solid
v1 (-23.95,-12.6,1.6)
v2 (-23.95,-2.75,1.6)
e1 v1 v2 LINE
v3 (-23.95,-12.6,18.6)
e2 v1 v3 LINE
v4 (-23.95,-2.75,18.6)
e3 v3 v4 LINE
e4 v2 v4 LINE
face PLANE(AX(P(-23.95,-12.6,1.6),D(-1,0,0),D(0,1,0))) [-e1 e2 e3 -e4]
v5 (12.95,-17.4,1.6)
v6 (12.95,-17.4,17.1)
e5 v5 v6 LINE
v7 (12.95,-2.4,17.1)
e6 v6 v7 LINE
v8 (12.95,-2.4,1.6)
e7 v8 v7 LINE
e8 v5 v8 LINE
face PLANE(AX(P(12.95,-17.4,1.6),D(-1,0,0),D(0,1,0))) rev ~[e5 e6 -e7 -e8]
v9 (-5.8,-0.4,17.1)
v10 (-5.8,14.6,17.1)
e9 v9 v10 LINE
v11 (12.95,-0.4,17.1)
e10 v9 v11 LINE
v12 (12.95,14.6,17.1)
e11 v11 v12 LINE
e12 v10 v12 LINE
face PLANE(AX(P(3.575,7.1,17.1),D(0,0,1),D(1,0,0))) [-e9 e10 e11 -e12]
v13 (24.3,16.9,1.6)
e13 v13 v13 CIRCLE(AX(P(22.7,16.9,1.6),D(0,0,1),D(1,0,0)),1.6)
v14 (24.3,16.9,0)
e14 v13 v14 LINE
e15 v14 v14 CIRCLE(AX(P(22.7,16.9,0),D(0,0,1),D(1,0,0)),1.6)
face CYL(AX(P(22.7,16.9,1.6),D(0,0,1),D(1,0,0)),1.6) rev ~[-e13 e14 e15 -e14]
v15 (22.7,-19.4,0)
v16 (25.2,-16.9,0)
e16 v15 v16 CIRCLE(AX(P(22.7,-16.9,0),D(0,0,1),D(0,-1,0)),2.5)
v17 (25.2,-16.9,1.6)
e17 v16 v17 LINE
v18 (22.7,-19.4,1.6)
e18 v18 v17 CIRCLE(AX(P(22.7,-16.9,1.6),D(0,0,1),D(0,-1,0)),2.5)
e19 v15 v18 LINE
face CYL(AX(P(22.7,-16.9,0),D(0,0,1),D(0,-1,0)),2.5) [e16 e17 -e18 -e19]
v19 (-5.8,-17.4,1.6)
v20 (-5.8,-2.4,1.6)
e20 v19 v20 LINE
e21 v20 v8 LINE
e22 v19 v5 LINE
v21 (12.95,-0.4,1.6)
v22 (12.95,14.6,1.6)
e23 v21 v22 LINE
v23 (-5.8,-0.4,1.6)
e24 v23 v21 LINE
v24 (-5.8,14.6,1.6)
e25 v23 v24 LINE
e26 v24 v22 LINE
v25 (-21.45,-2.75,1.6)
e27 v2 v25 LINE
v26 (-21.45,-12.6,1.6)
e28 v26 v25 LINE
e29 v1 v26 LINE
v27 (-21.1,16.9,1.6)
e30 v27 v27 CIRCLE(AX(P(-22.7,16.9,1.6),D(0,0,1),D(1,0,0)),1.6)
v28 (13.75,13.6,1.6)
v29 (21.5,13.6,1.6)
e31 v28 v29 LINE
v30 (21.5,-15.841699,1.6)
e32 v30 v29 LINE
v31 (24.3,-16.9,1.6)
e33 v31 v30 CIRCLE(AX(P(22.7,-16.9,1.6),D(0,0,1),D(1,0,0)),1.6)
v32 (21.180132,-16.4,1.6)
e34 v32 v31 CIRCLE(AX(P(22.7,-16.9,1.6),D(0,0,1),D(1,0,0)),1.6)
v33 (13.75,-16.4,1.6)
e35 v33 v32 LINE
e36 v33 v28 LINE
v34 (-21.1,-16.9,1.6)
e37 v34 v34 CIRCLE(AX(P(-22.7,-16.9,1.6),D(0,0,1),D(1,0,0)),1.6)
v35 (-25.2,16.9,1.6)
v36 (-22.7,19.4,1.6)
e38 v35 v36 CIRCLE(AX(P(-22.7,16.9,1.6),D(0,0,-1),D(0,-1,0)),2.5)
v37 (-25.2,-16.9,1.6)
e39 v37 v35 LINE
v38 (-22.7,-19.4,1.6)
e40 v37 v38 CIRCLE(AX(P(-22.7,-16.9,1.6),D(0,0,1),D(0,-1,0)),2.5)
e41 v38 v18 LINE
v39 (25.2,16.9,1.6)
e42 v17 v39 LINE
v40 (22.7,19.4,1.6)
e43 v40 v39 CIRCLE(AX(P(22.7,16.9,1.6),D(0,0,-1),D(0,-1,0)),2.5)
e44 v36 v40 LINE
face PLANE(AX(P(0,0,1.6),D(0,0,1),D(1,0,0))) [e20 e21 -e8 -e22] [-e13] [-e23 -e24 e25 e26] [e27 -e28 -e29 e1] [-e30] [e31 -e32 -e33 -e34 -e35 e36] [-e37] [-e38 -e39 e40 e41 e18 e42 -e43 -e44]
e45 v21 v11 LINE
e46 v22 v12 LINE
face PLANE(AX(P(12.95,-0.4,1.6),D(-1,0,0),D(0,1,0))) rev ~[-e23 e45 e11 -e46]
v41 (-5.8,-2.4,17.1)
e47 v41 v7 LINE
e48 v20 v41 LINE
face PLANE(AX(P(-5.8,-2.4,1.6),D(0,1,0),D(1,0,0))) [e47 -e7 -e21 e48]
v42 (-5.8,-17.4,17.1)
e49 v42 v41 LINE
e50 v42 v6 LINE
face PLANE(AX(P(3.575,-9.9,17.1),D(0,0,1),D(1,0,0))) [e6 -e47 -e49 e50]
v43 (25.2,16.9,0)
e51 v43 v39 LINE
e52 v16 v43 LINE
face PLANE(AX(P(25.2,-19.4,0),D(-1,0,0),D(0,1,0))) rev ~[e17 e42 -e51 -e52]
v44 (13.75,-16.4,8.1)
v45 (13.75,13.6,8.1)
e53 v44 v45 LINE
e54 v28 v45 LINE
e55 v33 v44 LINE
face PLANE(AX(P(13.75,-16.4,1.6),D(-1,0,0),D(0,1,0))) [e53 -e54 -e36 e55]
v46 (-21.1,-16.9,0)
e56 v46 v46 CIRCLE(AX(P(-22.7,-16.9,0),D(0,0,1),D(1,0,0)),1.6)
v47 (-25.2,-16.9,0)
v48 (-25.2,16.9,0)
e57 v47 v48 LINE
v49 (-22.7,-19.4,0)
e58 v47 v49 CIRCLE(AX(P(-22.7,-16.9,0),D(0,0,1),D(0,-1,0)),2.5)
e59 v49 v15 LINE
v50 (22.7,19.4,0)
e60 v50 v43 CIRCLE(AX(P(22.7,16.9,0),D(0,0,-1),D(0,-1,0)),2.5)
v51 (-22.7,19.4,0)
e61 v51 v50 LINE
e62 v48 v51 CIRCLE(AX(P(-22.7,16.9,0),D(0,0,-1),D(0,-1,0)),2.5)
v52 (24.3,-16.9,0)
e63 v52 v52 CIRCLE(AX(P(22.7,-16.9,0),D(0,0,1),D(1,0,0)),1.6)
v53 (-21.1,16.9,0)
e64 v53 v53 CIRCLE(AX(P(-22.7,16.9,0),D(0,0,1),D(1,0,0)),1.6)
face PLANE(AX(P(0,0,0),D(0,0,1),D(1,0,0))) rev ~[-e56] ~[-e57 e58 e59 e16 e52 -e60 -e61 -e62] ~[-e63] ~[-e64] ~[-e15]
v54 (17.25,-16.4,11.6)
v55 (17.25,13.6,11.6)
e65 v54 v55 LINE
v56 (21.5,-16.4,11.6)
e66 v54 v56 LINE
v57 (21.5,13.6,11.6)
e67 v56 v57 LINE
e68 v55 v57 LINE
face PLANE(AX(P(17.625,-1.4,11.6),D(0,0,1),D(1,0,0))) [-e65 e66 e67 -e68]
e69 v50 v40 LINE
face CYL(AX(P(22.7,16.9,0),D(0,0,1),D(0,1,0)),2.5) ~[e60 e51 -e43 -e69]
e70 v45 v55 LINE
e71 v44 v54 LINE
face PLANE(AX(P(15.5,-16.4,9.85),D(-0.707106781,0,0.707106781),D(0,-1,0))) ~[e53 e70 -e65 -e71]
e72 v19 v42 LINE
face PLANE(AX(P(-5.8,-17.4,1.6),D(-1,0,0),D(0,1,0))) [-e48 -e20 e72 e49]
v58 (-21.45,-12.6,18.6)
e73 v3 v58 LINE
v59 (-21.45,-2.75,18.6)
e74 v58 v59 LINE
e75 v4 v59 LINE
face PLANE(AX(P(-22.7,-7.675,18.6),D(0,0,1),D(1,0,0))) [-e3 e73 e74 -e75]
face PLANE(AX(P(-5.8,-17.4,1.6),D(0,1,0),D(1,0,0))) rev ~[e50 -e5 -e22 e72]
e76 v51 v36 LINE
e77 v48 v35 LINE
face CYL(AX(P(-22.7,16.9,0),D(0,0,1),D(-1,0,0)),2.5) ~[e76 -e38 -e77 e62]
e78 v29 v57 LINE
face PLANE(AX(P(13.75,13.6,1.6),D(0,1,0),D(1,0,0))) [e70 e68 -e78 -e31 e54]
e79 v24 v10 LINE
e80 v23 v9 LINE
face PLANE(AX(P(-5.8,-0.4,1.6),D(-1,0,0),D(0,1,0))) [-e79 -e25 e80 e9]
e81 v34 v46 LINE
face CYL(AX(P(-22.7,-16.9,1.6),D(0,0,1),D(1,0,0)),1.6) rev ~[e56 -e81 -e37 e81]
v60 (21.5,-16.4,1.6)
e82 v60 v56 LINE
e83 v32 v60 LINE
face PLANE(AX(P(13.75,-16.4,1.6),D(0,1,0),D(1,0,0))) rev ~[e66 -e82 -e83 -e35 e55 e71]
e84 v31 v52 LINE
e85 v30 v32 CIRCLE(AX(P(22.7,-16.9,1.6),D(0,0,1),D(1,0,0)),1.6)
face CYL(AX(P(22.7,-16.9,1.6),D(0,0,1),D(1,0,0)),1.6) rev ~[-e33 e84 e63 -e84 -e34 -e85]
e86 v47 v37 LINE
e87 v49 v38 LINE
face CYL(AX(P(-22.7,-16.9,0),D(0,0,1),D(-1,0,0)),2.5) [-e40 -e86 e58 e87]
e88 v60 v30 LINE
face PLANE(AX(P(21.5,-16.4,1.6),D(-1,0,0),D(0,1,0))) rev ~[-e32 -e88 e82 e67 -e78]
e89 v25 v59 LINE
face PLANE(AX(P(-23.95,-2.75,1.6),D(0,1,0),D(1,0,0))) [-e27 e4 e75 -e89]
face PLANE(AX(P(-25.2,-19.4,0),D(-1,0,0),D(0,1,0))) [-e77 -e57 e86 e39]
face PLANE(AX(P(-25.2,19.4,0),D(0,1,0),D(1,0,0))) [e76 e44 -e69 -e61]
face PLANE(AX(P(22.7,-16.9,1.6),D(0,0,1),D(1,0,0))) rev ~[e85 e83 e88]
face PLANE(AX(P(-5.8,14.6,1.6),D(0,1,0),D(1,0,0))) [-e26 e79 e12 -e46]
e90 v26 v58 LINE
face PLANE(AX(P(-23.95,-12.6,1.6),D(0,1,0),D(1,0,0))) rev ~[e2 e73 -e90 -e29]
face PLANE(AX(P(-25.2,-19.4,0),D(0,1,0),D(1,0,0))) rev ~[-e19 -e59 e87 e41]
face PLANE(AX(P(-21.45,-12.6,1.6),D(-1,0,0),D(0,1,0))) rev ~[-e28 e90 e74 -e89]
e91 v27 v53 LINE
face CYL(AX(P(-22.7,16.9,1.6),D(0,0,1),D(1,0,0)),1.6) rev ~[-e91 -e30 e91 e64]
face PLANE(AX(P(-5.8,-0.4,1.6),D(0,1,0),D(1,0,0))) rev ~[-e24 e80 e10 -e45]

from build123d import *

# Parameters (mm, degrees)
F0_W      = 50.4
F0_H      = 38.8
F1_DEPTH  = 1.6
F2_W      = 18.75
F2_H      = 15
F3_DEPTH  = 15.5
F4_W      = 7.75
F4_H      = 30
F5_DEPTH  = 10
F6_SIZE2  = 3.5
F6_SIZE   = 3.5
F7_W      = 2.5
F7_H      = 9.85
F8_DEPTH  = 17
F9_R      = 2.5
F10_R     = 1.6
F11_DEPTH = 1.601


with BuildPart() as f1:
    # F0 (on Top) → F1 (new body)
    with BuildSketch(Plane.XY):
        Rectangle(F0_W, F0_H)
    extrude(amount=F1_DEPTH)

    # F2 (on face) → F3 (join)
    with BuildSketch(Plane.XY.offset(1.6)):
        with Locations((3.575, -9.9)):
            Rectangle(F2_W, F2_H)
        with Locations((3.575, 7.1)):
            Rectangle(F2_W, F2_H)
    extrude(amount=F3_DEPTH)

    # F4 (on face) → F5 (join)
    with BuildSketch(Plane.XY.offset(1.6)):
        with Locations((17.625, -1.4)):
            Rectangle(F4_W, F4_H)
    extrude(amount=F5_DEPTH)

    # F6
    f6_edges = [f1.edges().sort_by_distance(p)[0] for p in [
        (13.75, -1.4, 11.6),
    ]]
    chamfer(f6_edges, length=F6_SIZE, length2=F6_SIZE2)

    # F7 (on face) → F8 (join)
    with BuildSketch(Plane.XY.offset(1.6)):
        with Locations((-22.7, -7.675)):
            Rectangle(F7_W, F7_H)
    extrude(amount=F8_DEPTH)

    # F9
    f9_edges = [f1.edges().sort_by_distance(p)[0] for p in [
        (-25.2, 19.4, 0.8),
        (25.2, 19.4, 0.8),
        (25.2, -19.4, 0.8),
        (-25.2, -19.4, 0.8),
    ]]
    fillet(f9_edges, radius=F9_R)

    # F10 (on face) → F11 (cut, through all)
    with BuildSketch(Plane.XY.offset(1.6)):
        with Locations((-22.7, 16.9)):
            Circle(F10_R)
        with Locations((22.7, 16.9)):
            Circle(F10_R)
        with Locations((22.7, -16.9)):
            Circle(F10_R)
        with Locations((-22.7, -16.9)):
            Circle(F10_R)
    extrude(amount=-F11_DEPTH, mode=Mode.SUBTRACT)


solid = f1.part
